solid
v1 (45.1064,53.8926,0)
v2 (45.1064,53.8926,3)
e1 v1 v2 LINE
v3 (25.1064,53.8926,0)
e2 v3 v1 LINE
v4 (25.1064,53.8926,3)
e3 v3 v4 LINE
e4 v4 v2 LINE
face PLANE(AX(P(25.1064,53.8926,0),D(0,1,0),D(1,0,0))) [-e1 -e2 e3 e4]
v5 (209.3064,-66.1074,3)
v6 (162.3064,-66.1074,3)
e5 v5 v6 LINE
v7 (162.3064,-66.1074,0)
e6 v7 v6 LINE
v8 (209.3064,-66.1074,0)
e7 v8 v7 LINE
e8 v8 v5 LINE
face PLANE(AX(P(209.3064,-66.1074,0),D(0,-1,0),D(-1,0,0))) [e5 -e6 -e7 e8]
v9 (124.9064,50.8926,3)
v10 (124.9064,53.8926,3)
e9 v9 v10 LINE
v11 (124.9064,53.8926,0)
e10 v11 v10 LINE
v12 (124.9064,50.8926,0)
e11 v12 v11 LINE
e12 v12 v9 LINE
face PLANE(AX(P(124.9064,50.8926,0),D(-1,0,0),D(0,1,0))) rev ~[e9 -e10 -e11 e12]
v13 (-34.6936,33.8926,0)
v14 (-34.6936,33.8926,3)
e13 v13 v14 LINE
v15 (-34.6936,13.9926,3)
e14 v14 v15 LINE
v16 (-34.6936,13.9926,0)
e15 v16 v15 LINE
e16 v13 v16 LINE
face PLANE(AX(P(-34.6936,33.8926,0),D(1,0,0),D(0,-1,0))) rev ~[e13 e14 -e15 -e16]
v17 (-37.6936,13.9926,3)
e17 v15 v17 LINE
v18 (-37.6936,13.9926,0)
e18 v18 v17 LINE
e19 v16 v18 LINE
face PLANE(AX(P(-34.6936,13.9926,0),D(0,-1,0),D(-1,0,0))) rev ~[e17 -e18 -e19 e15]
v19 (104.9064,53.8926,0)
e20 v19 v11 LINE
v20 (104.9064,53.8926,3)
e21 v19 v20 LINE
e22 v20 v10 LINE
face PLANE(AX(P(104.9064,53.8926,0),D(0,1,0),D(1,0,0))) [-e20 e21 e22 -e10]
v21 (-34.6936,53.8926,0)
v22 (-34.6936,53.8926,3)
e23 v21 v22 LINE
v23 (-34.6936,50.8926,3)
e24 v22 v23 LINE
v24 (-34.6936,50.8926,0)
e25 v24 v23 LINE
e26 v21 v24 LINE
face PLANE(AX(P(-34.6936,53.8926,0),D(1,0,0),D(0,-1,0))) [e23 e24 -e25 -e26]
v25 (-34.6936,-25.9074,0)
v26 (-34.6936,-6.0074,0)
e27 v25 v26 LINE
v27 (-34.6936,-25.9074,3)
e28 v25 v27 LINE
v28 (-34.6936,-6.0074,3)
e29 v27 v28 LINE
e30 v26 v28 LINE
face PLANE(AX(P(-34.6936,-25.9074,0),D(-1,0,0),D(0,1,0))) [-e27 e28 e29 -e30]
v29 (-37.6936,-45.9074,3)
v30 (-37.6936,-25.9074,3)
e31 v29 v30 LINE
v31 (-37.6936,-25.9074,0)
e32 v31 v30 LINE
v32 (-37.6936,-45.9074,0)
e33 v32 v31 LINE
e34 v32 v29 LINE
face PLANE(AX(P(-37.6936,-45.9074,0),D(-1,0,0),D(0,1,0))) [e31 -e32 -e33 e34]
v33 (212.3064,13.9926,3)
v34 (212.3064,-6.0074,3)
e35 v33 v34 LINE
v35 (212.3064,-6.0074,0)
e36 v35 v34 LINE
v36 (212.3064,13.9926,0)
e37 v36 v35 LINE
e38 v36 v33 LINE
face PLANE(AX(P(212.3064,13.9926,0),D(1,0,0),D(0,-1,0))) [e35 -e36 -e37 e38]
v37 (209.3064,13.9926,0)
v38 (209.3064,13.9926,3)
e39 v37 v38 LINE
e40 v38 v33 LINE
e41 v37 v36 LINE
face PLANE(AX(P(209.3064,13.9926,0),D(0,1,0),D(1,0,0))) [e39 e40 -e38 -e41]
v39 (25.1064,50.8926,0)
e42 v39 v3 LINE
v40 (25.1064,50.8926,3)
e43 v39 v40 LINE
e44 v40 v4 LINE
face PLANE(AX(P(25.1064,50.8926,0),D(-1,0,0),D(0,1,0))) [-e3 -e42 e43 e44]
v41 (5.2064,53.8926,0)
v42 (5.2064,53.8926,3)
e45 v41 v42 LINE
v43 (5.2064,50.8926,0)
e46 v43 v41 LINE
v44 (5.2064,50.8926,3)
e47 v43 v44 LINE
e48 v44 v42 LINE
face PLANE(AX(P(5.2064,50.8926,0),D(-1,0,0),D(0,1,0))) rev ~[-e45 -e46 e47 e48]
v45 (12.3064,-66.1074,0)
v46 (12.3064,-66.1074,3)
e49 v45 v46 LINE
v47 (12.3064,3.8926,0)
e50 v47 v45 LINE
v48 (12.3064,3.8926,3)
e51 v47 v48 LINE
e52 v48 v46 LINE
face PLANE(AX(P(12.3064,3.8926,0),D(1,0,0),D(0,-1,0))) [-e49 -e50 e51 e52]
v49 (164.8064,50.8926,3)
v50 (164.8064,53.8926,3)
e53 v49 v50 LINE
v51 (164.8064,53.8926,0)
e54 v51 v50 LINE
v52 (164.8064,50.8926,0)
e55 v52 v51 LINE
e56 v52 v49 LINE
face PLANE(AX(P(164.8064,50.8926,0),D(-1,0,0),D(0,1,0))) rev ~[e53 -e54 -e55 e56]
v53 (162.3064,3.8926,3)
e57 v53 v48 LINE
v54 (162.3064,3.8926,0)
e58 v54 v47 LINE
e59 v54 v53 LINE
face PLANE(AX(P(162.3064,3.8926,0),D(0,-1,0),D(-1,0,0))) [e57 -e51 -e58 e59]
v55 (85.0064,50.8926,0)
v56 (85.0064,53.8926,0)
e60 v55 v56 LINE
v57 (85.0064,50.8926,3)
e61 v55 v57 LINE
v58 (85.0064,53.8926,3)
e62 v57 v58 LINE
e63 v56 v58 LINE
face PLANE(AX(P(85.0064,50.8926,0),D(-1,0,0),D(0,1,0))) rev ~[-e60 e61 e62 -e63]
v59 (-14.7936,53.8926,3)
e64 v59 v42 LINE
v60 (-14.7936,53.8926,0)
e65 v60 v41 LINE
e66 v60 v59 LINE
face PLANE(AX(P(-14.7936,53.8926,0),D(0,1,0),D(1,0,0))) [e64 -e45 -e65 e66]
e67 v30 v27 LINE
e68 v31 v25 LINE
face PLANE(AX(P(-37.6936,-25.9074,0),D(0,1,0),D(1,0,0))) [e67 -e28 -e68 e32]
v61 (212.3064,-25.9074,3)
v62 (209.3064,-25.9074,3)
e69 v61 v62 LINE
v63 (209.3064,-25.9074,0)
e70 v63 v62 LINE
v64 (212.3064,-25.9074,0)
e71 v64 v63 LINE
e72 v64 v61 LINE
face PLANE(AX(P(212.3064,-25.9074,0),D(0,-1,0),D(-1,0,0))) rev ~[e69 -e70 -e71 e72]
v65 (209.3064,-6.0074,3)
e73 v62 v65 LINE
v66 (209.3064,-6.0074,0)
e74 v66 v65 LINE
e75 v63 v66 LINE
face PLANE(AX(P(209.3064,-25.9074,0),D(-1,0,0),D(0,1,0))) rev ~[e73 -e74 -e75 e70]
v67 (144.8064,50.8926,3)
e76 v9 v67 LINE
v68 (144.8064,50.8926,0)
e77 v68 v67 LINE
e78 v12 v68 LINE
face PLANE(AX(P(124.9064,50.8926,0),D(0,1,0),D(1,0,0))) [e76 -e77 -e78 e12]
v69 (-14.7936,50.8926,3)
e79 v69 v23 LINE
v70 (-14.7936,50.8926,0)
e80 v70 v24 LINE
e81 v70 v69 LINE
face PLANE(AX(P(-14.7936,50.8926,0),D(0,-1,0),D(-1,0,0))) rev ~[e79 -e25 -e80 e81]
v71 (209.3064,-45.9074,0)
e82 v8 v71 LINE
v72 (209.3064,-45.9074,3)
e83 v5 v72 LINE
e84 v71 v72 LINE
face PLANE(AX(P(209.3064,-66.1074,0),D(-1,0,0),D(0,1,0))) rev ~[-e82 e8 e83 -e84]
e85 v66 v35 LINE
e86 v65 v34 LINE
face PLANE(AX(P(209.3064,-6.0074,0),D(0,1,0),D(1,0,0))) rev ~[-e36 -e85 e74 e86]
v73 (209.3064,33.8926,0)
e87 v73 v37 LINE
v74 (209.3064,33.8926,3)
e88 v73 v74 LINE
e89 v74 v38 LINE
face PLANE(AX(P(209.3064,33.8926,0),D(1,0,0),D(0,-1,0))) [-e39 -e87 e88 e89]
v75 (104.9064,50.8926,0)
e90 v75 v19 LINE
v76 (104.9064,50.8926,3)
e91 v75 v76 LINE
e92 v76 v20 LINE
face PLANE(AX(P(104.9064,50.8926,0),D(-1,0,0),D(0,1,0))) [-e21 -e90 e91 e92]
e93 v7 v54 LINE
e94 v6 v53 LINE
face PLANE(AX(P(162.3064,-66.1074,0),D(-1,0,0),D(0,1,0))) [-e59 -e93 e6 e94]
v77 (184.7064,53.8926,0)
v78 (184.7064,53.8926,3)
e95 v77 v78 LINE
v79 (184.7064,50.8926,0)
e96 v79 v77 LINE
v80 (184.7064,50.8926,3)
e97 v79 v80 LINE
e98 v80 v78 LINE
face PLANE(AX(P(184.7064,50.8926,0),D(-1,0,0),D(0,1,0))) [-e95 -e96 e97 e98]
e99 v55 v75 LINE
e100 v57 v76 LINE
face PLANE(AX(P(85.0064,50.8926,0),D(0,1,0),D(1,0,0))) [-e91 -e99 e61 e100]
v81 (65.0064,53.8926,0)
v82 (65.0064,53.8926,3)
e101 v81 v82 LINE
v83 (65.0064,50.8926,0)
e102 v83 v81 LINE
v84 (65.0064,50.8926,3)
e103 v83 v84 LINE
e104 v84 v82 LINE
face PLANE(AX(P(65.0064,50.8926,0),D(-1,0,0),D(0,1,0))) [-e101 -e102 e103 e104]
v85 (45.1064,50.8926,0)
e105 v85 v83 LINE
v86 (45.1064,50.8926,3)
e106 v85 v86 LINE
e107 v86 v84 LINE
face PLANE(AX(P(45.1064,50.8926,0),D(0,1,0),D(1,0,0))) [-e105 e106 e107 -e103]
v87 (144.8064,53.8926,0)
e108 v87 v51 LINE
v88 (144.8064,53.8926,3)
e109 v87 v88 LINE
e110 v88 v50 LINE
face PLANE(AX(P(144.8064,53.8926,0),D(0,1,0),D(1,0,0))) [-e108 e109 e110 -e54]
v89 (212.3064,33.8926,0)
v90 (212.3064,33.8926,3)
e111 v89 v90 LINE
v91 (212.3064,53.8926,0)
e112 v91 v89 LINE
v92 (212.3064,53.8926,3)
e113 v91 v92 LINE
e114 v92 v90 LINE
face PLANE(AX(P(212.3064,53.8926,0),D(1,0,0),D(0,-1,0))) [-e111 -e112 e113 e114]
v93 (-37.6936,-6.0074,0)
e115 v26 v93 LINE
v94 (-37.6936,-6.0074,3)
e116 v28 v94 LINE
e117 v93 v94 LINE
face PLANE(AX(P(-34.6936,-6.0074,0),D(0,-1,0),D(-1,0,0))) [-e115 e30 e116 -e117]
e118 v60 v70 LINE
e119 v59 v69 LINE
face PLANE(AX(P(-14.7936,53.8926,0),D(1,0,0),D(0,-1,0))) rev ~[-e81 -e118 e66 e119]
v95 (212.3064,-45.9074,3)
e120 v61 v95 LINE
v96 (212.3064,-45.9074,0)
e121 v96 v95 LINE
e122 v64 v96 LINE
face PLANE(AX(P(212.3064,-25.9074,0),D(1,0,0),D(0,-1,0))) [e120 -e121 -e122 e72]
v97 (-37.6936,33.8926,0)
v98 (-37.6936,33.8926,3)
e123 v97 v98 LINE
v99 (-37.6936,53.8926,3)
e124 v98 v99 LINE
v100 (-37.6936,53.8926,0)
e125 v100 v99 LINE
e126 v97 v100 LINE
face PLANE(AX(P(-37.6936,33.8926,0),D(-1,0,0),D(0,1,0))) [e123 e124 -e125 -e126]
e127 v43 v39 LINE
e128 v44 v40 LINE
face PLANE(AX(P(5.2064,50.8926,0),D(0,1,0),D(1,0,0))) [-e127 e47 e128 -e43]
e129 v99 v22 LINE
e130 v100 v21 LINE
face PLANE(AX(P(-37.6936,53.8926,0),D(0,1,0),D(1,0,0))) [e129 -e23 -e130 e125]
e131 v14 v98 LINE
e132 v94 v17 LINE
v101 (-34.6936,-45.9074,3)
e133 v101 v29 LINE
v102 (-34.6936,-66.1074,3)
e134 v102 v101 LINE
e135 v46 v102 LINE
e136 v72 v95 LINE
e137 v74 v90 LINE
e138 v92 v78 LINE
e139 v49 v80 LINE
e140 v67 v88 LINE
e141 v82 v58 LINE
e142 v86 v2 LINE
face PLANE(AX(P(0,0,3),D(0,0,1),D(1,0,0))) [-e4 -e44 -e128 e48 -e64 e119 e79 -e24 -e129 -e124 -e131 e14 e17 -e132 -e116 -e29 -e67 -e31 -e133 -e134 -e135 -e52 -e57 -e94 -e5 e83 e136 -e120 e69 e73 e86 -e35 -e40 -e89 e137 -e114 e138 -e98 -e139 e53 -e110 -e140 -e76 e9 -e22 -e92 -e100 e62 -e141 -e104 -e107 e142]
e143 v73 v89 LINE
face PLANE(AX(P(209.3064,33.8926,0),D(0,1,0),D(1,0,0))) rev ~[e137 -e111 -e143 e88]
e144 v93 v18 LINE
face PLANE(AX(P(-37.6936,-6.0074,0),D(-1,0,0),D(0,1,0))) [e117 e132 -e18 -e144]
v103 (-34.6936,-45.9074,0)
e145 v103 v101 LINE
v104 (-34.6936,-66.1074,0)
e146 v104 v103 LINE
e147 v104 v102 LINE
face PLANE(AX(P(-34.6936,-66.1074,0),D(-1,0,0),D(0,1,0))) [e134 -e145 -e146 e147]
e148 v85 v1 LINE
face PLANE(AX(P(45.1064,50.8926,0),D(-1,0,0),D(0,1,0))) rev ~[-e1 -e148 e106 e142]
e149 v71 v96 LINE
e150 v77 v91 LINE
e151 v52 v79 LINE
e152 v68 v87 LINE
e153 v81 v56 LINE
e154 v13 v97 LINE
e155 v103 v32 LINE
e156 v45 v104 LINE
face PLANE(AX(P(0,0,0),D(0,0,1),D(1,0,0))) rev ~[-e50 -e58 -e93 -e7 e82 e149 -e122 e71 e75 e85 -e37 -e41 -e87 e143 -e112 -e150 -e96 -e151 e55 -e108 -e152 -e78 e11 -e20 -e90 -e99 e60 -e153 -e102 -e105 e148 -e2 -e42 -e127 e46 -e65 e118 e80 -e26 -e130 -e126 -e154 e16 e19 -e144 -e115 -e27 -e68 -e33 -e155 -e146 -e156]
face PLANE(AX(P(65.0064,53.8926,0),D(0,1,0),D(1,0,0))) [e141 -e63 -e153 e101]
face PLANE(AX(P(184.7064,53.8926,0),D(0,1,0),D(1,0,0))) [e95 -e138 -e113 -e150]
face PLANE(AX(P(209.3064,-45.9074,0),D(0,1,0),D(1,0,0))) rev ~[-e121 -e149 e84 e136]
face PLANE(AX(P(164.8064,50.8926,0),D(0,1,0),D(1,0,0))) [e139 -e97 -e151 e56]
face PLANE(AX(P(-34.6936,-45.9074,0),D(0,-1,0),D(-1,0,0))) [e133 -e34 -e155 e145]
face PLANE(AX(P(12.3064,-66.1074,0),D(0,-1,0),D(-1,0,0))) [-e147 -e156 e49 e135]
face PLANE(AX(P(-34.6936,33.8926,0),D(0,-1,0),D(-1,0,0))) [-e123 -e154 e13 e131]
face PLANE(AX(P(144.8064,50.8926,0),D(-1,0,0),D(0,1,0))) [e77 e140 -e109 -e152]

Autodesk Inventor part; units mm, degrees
ref_plane "YZ Plane" through (0, 0, 0) normal (1, 0, 0) x (0, 1, 0)
ref_plane "XZ Plane" through (0, 0, 0) normal (0, 1, 0) x (-1, 0, 0)
ref_plane "XY Plane" through (0, 0, 0) normal (0, 0, 1) x (1, 0, 0)
sketch "Sketch1" plane through (0, 0, 0) normal (0, 0, 1) x (1, 0, 0)
  line L0 (-37.6936, 53.8926) -> (212.3064, 53.8926)
  line L1 (212.3064, 53.8926) -> (212.3064, -66.1074)
  line L2 (212.3064, -66.1074) -> (-37.6936, -66.1074)
  line L3 (-37.6936, -66.1074) -> (-37.6936, 53.8926)
  line L4 (12.3064, -66.1074) -> (162.3064, -66.1074)
  line L5 (162.3064, -66.1074) -> (162.3064, 3.8926)
  line L6 (162.3064, 3.8926) -> (12.3064, 3.8926)
  line L7 (12.3064, 3.8926) -> (12.3064, -66.1074)
  line L8 (-37.6936, 53.8926) -> (-34.6936, 53.8926)
  line L9 (-34.6936, 53.8926) -> (-34.6936, 33.8926)
  line L10 (-34.6936, 33.8926) -> (-37.6936, 33.8926)
  line L11 (-37.6936, 33.8926) -> (-37.6936, 53.8926)
  line L12 (-37.6936, 33.8926) -> (-34.6936, 33.8926)
  line L13 (-34.6936, 33.8926) -> (-34.6936, 13.9926)
  line L14 (-34.6936, 13.9926) -> (-37.6936, 13.9926)
  line L15 (-37.6936, 13.9926) -> (-37.6936, 33.8926)
  line L16 (-37.6936, 13.9926) -> (-34.6936, 13.9926)
  line L17 (-34.6936, 13.9926) -> (-34.6936, -6.0074)
  line L18 (-34.6936, -6.0074) -> (-37.6936, -6.0074)
  line L19 (-37.6936, -6.0074) -> (-37.6936, 13.9926)
  line L20 (-34.6936, -6.0074) -> (-37.6936, -6.0074)
  line L21 (-37.6936, -6.0074) -> (-37.6936, -25.9074)
  line L22 (-37.6936, -25.9074) -> (-34.6936, -25.9074)
  line L23 (-34.6936, -25.9074) -> (-34.6936, -6.0074)
  line L24 (-37.6936, -25.9074) -> (-34.6936, -25.9074)
  line L25 (-34.6936, -25.9074) -> (-34.6936, -45.9074)
  line L26 (-34.6936, -45.9074) -> (-37.6936, -45.9074)
  line L27 (-37.6936, -45.9074) -> (-37.6936, -25.9074)
  line L28 (-34.6936, -45.9074) -> (-37.6936, -45.9074)
  line L29 (-37.6936, -45.9074) -> (-37.6936, -66.1074)
  line L30 (-37.6936, -66.1074) -> (-34.6936, -66.1074)
  line L31 (-34.6936, -66.1074) -> (-34.6936, -45.9074)
  line L32 (212.3064, -66.1074) -> (212.3064, 53.8926)
  line L33 (212.3064, 53.8926) -> (209.3064, 53.8926)
  line L34 (209.3064, 53.8926) -> (209.3064, 33.8926)
  line L35 (209.3064, 33.8926) -> (212.3064, 33.8926)
  line L36 (212.3064, 33.8926) -> (212.3064, 53.8926)
  line L37 (212.3064, 33.8926) -> (209.3064, 33.8926)
  line L38 (209.3064, 33.8926) -> (209.3064, 13.9926)
  line L39 (209.3064, 13.9926) -> (212.3064, 13.9926)
  line L40 (212.3064, 13.9926) -> (212.3064, 33.8926)
  line L41 (212.3064, 13.9926) -> (209.3064, 13.9926)
  line L42 (209.3064, 13.9926) -> (209.3064, -6.0074)
  line L43 (209.3064, -6.0074) -> (212.3064, -6.0074)
  line L44 (212.3064, -6.0074) -> (212.3064, 13.9926)
  line L45 (209.3064, -6.0074) -> (212.3064, -6.0074)
  line L46 (212.3064, -6.0074) -> (212.3064, -25.9074)
  line L47 (212.3064, -25.9074) -> (209.3064, -25.9074)
  line L48 (209.3064, -25.9074) -> (209.3064, -6.0074)
  line L49 (212.3064, -25.9074) -> (209.3064, -25.9074)
  line L50 (209.3064, -25.9074) -> (209.3064, -45.9074)
  line L51 (209.3064, -45.9074) -> (212.3064, -45.9074)
  line L52 (212.3064, -45.9074) -> (212.3064, -25.9074)
  line L53 (209.3064, -45.9074) -> (212.3064, -45.9074)
  line L54 (212.3064, -45.9074) -> (212.3064, -66.1074)
  line L55 (212.3064, -66.1074) -> (209.3064, -66.1074)
  line L56 (209.3064, -66.1074) -> (209.3064, -45.9074)
  line L57 (-34.6936, 53.8926) -> (-14.7936, 53.8926)
  line L58 (-14.7936, 53.8926) -> (-14.7936, 50.8926)
  line L59 (-14.7936, 50.8926) -> (-34.6936, 50.8926)
  line L60 (-34.6936, 50.8926) -> (-34.6936, 53.8926)
  line L61 (-14.7936, 50.8926) -> (5.2064, 50.8926)
  line L62 (5.2064, 50.8926) -> (5.2064, 53.8926)
  line L63 (5.2064, 53.8926) -> (-14.7936, 53.8926)
  line L64 (-14.7936, 53.8926) -> (-14.7936, 50.8926)
  line L65 (5.2064, 50.8926) -> (25.1064, 50.8926)
  line L66 (25.1064, 50.8926) -> (25.1064, 53.8926)
  line L67 (25.1064, 53.8926) -> (5.2064, 53.8926)
  line L68 (5.2064, 53.8926) -> (5.2064, 50.8926)
  line L69 (25.1064, 50.8926) -> (45.1064, 50.8926)
  line L70 (45.1064, 50.8926) -> (45.1064, 53.8926)
  line L71 (45.1064, 53.8926) -> (25.1064, 53.8926)
  line L72 (25.1064, 53.8926) -> (25.1064, 50.8926)
  line L73 (45.1064, 50.8926) -> (65.0064, 50.8926)
  line L74 (65.0064, 50.8926) -> (65.0064, 53.8926)
  line L75 (65.0064, 53.8926) -> (45.1064, 53.8926)
  line L76 (45.1064, 53.8926) -> (45.1064, 50.8926)
  line L77 (65.0064, 50.8926) -> (85.0064, 50.8926)
  line L78 (85.0064, 50.8926) -> (85.0064, 53.8926)
  line L79 (85.0064, 53.8926) -> (65.0064, 53.8926)
  line L80 (65.0064, 53.8926) -> (65.0064, 50.8926)
  line L81 (85.0064, 50.8926) -> (104.9064, 50.8926)
  line L82 (104.9064, 50.8926) -> (104.9064, 53.8926)
  line L83 (104.9064, 53.8926) -> (85.0064, 53.8926)
  line L84 (85.0064, 53.8926) -> (85.0064, 50.8926)
  line L85 (104.9064, 50.8926) -> (124.9064, 50.8926)
  line L86 (124.9064, 50.8926) -> (124.9064, 53.8926)
  line L87 (124.9064, 53.8926) -> (104.9064, 53.8926)
  line L88 (104.9064, 53.8926) -> (104.9064, 50.8926)
  line L89 (124.9064, 50.8926) -> (144.8064, 50.8926)
  line L90 (144.8064, 50.8926) -> (144.8064, 53.8926)
  line L91 (144.8064, 53.8926) -> (124.9064, 53.8926)
  line L92 (124.9064, 53.8926) -> (124.9064, 50.8926)
  line L93 (144.8064, 50.8926) -> (164.8064, 50.8926)
  line L94 (164.8064, 50.8926) -> (164.8064, 53.8926)
  line L95 (164.8064, 53.8926) -> (144.8064, 53.8926)
  line L96 (144.8064, 53.8926) -> (144.8064, 50.8926)
  line L97 (164.8064, 50.8926) -> (184.7064, 50.8926)
  line L98 (184.7064, 50.8926) -> (184.7064, 53.8926)
  line L99 (184.7064, 53.8926) -> (164.8064, 53.8926)
  line L100 (164.8064, 53.8926) -> (164.8064, 50.8926)
  line L101 (184.7064, 50.8926) -> (209.3064, 50.8926)
  line L102 (209.3064, 50.8926) -> (209.3064, 53.8926)
  line L103 (209.3064, 53.8926) -> (184.7064, 53.8926)
  line L104 (184.7064, 53.8926) -> (184.7064, 50.8926)
  point P0 (0, 0)
  point P1 (212.3064, -45.9074)
  point P2 (212.3064, -25.9074)
  point P3 (212.3064, -6.0074)
  point P4 (212.3064, 13.9926)
  point P5 (212.3064, 33.8926)
  point P6 (-37.6936, 13.9926)
  point P7 (-14.7936, 53.8926)
  point P8 (-34.6936, 50.8926)
  point P9 (209.3064, 53.8926)
  point P10 (212.3064, 13.9926)
  point P11 (212.3064, 23.9426)
  point P12 (209.3064, 23.9426)
  point P13 (212.3064, -15.9574)
  point P14 (209.3064, -15.9574)
  dimension "d0" = 250
  dimension "d1" = 120
  dimension "d14" = 150
  dimension "d15" = 70
  dimension "d16" = 50
  dimension "d17" = 3
  dimension "d18" = 20
  dimension "d19" = 19.9
  dimension "d20" = 20
  dimension "d21" = 19.9
  dimension "d22" = 20
  dimension "d25" = 19.9
  dimension "d26" = 3
  dimension "d27" = 20
  dimension "d28" = 19.9
  dimension "d29" = 20
  dimension "d30" = 19.9
  dimension "d31" = 20
  dimension "d32" = 19.9
  dimension "d33" = 20
  dimension "d34" = 19.9
  dimension "d35" = 20
  dimension "d36" = 19.9
  dimension "d37" = 3
  dimension "d38" = 3
extrude "Extrusion1" add sketch "Sketch1" along normal blind 3 contours L0 L9 L10 L3 | L0 L62 L61 L58 | L59 L61 L65 L69 L73 L77 L81 L85 L89 L93 L97 L101 L34 L38 L42 L48 L50 L56 L2 L5 L6 L7 L31 L25 L23 L17 L13 L9 | L14 L17 L18 L3 | L0 L70 L69 L66 | L22 L25 L26 L3 | L0 L78 L77 L74 | L0 L86 L85 L82 | L0 L94 L93 L90 | L50 L47 L1 L51 | L0 L34 L101 L98 | L0 L1 L35 L34 | L42 L39 L1 L43
equation "\"d16\" = -0.5 * d14 + 0.5 * d0"
equation "\"d19\" = d25"
equation "\"d21\" = d25"
equation "\"d28\" = d25"
equation "\"d30\" = d25"
